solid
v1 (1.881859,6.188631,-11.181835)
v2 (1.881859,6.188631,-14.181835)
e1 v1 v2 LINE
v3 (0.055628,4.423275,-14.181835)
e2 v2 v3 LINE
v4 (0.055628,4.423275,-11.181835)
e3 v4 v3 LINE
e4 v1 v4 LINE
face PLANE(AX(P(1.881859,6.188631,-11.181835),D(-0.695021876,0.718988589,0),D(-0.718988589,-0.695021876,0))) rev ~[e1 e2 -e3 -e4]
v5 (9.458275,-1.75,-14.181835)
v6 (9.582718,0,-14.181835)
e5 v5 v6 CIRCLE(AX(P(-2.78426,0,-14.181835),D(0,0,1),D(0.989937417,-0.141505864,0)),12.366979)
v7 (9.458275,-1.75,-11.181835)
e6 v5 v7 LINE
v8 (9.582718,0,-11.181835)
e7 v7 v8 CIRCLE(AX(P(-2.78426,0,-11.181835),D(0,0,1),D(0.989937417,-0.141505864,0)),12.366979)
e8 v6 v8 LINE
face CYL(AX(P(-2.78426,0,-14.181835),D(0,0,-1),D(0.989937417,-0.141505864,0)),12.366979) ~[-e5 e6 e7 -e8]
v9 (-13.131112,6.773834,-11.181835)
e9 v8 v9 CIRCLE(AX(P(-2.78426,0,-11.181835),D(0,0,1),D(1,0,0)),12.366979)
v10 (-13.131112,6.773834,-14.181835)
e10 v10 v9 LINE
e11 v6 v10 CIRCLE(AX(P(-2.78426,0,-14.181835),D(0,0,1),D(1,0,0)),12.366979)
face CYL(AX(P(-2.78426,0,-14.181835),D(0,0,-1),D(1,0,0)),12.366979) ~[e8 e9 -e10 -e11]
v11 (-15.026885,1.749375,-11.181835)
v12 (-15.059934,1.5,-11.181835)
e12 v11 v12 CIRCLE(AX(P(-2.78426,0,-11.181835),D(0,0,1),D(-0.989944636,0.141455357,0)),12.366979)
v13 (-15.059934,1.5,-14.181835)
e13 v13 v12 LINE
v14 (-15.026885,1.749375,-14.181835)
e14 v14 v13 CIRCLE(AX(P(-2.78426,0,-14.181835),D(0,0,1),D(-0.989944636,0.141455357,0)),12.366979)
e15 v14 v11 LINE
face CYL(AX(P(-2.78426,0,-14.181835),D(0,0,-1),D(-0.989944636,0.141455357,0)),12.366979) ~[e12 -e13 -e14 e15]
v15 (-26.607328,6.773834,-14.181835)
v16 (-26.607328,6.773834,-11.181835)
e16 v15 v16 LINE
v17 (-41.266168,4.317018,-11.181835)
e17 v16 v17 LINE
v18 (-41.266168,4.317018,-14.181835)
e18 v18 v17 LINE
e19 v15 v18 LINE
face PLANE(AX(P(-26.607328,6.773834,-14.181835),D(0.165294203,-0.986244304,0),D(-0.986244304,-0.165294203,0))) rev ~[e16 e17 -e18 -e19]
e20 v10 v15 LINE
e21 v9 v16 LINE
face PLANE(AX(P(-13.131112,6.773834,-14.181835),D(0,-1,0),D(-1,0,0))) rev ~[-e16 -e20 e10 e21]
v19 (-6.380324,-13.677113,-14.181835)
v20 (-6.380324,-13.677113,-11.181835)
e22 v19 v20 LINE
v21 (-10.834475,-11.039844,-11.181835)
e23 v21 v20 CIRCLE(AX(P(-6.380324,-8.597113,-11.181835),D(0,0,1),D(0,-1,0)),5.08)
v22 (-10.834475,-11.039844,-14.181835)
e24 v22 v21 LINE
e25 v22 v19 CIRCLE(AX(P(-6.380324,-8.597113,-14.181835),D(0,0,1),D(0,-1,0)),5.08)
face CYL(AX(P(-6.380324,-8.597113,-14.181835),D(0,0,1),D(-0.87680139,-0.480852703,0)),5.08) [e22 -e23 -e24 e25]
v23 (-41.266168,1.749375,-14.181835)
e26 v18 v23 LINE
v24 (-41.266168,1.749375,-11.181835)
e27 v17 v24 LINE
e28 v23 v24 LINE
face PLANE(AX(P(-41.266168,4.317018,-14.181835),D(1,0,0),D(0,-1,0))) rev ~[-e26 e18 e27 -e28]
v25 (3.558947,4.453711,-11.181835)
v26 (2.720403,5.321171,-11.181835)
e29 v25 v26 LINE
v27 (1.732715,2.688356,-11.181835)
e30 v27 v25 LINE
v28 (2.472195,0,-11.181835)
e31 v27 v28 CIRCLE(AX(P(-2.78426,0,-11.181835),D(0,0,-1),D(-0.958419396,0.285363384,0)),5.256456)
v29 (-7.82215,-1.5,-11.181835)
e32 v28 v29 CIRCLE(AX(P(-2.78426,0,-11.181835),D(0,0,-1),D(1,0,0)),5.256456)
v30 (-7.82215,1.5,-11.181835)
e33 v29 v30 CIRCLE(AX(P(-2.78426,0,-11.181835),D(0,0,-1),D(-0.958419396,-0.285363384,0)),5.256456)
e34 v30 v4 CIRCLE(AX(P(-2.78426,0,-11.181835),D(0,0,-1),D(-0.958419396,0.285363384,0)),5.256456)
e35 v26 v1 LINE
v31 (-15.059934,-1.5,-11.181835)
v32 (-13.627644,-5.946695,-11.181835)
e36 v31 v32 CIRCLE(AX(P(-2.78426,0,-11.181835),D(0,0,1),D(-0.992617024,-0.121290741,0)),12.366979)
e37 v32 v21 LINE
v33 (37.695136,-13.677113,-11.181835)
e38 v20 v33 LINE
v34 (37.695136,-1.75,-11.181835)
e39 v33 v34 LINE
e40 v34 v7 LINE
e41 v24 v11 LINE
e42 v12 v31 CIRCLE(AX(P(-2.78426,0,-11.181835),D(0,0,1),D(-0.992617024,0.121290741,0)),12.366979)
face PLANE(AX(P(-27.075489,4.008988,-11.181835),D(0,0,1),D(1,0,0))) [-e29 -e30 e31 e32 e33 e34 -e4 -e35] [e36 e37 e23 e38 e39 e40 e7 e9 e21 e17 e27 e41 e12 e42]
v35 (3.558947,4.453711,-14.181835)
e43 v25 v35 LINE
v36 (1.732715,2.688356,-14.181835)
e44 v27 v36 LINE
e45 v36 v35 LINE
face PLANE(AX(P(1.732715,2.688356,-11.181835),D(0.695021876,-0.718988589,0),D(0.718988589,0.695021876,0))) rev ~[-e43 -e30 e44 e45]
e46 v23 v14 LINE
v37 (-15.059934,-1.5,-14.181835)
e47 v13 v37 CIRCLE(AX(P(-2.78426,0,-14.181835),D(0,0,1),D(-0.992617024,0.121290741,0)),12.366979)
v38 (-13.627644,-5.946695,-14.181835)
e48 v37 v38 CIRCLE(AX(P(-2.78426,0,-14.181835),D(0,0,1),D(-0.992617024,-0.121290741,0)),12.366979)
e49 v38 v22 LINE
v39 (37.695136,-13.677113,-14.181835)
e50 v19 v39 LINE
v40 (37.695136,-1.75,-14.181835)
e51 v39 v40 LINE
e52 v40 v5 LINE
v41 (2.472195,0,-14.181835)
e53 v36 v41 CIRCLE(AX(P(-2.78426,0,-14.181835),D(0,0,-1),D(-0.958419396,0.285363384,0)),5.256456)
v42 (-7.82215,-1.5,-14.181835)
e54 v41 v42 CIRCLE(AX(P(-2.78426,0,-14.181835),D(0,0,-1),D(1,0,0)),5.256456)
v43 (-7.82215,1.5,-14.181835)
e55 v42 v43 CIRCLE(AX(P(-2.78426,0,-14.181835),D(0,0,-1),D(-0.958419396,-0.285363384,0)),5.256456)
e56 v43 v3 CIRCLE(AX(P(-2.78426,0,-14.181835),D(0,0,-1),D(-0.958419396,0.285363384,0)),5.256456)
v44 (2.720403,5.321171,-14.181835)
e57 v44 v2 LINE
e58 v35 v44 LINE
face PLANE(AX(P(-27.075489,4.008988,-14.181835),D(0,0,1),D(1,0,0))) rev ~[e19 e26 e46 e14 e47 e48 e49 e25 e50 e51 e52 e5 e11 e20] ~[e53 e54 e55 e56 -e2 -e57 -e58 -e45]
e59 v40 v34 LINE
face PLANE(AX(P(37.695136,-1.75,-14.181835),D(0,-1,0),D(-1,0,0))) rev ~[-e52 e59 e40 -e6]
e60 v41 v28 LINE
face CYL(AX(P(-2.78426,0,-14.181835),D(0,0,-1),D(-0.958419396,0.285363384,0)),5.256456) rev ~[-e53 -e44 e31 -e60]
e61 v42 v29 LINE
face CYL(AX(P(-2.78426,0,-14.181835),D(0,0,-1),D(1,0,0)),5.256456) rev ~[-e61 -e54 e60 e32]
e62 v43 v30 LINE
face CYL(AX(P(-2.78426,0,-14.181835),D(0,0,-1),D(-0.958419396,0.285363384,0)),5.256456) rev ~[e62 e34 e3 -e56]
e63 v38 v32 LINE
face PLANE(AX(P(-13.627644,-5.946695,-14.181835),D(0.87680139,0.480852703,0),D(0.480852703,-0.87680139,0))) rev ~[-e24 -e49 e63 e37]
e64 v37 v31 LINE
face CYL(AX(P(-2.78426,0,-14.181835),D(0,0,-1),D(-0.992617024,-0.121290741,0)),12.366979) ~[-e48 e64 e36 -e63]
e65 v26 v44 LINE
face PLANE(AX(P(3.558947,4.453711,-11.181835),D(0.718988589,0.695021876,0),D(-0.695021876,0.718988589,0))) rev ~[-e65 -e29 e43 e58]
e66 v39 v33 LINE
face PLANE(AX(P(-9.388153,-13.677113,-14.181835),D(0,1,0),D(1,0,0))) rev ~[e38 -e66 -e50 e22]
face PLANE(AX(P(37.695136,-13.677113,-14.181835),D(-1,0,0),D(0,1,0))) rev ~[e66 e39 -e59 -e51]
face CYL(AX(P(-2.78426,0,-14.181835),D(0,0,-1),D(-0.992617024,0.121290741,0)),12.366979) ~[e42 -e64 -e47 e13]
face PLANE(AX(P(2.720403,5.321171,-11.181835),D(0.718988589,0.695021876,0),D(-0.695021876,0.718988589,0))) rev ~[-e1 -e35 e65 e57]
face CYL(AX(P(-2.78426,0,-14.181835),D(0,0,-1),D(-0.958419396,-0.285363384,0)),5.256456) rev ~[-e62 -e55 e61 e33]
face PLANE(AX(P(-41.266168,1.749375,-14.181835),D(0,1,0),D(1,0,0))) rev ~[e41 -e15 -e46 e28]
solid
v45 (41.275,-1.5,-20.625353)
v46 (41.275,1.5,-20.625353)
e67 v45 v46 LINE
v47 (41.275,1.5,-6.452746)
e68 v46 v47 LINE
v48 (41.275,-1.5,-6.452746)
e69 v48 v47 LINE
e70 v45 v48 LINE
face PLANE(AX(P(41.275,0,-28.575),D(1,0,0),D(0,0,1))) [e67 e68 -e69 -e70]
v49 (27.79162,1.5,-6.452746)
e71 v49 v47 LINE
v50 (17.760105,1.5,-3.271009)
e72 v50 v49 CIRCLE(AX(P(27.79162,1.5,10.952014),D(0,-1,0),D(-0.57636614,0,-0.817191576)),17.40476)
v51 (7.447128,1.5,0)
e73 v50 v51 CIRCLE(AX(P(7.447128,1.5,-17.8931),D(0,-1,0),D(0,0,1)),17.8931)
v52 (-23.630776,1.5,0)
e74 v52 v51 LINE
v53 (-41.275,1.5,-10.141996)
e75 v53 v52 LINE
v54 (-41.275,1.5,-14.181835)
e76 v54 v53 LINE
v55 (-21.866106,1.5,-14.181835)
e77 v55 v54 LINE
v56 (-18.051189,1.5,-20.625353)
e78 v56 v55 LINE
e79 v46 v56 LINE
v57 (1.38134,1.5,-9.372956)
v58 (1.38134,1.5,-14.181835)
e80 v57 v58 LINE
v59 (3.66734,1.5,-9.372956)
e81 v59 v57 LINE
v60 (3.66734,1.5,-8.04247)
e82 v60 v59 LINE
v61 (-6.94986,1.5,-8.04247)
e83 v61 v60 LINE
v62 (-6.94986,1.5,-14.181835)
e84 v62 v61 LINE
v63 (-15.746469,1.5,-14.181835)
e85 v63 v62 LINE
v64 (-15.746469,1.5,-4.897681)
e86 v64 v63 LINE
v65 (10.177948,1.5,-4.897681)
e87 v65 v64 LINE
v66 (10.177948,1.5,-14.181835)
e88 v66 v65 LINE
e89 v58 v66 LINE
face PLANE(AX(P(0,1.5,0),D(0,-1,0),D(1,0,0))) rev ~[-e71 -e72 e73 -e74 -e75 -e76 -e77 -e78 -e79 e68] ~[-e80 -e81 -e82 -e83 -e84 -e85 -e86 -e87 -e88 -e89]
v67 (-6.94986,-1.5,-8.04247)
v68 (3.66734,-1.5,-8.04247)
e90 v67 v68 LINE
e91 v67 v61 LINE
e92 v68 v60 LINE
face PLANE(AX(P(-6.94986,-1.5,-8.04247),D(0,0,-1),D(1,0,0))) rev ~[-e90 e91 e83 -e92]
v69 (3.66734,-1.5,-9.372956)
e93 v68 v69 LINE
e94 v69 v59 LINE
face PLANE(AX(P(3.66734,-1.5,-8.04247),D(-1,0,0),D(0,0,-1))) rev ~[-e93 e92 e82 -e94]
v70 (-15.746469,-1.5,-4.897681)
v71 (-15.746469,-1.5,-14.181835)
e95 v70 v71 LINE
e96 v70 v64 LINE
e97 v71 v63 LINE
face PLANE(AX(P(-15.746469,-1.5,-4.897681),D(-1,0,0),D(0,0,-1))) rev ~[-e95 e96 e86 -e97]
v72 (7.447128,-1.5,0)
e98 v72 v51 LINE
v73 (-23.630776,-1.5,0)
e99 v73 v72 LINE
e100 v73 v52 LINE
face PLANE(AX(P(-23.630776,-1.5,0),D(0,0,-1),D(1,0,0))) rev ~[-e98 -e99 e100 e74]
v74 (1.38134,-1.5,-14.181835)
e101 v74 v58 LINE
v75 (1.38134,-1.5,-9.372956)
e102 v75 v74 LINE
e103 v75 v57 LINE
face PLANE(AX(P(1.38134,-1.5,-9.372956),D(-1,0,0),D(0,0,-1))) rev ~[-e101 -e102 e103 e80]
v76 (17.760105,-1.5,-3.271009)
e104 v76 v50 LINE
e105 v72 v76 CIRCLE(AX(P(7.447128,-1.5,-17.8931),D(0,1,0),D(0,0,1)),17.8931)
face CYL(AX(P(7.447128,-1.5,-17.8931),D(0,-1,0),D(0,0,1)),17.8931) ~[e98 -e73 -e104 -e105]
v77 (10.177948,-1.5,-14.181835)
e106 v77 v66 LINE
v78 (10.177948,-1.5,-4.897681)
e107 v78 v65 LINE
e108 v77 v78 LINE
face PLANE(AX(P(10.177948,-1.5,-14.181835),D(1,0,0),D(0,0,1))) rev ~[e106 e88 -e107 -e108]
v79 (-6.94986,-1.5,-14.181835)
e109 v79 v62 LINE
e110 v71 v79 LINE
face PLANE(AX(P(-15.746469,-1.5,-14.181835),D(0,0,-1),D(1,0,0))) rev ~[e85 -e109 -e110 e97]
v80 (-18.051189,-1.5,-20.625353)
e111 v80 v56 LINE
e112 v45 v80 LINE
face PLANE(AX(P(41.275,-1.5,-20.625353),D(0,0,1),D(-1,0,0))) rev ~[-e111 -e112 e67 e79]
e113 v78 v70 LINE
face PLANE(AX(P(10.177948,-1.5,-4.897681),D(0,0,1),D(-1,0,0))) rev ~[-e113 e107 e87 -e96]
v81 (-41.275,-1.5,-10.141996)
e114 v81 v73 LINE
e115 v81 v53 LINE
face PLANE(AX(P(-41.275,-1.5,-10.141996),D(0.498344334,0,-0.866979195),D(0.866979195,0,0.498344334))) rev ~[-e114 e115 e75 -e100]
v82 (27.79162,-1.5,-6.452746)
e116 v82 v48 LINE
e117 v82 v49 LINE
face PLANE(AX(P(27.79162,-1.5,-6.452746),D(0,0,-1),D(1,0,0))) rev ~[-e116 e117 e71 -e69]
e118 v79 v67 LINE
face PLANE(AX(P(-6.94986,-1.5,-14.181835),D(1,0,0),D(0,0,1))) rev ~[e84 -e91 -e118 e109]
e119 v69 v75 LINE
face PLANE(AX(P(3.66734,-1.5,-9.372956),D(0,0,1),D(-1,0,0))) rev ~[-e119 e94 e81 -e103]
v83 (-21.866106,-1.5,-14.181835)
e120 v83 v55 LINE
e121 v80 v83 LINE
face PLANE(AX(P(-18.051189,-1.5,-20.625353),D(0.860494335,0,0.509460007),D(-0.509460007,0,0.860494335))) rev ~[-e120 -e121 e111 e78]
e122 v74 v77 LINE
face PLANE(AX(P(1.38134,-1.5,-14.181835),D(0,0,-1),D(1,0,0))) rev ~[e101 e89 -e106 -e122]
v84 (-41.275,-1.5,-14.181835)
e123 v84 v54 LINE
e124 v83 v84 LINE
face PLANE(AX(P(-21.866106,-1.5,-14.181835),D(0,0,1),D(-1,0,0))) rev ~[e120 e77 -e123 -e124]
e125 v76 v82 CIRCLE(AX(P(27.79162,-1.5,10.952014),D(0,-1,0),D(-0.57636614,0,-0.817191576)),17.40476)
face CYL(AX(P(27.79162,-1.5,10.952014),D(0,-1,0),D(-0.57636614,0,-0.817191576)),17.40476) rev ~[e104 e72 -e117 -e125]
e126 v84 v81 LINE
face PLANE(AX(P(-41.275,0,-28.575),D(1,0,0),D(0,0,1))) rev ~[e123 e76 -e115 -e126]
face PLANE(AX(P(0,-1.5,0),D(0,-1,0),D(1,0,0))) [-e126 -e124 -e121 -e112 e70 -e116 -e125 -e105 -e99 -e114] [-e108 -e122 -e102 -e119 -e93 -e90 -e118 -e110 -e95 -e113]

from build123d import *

# Parameters (mm, degrees)
F0_W     = 82.55
F0_H     = 57.15
F1_DEPTH = 1.5
F3_DEPTH = 25.4
F5_DEPTH = 3
F6_R     = 5.08
F8_DEPTH = 25.4


with BuildPart() as f1:
    # F0 (on Front) → F1 (new body, symmetric)
    with BuildSketch(Plane.XZ):
        Rectangle(F0_W, F0_H)
    extrude(amount=F1_DEPTH, both=True)

    # F2 (on face) → F3 (cut)
    with BuildSketch(Plane.XZ.offset(1.5)):
        with BuildLine():
            Line((41.275, 28.575), (-41.275, 28.575))
            Line((-41.275, 28.575), (-41.275, 0))
            Line((-41.275, 0), (-23.6307755113, 0))
            Line((-23.6307755113, 0), (7.4471277827, 0))
            ThreePointArc((7.4471277827, 0), (12.856772021, -0.8373450289), (17.7601050455, -3.2710094949))
            ThreePointArc((17.7601050455, -3.2710094949), (22.5296158975, -5.6382541879), (27.7916196756, -6.4527463267))
            Line((27.7916196756, -6.4527463267), (41.275, -6.4527463267))
            Line((41.275, -6.4527463267), (41.275, 28.575))
        make_face()
        Polygon((-21.8661062664, -14.1818345485), (-41.275, -14.1818345485), (-41.275, -28.575), (41.275, -28.575), (41.275, -20.6253529236), (-18.0511887433, -20.6253529236), align=None)
        Polygon((-2.7842603665, -4.8976809679), (-15.74646855, -4.8976809679), (-15.74646855, -10.6753705962), (-15.74646855, -14.1818345485), (-6.9498603665, -14.1818345485), (-6.9498603665, -9.3729560225), (-6.9498603665, -8.042470455), (-2.7842603665, -8.042470455), align=None)
        Polygon((-23.6307755113, 0), (-41.275, 0), (-41.275, -10.1419957355), align=None)
        Polygon((10.1779478169, -4.8976809679), (-2.7842603665, -4.8976809679), (-2.7842603665, -8.042470455), (3.6673396335, -8.042470455), (3.6673396335, -9.3729560225), (1.3813396335, -9.3729560225), (1.3813396335, -14.1818345485), (10.1779478169, -14.1818345485), align=None)
    extrude(amount=-F3_DEPTH, mode=Mode.SUBTRACT)


with BuildPart() as f5:
    # F4 (on face) → F5 (new body)
    with BuildSketch(Plane.XY.offset(-14.1818345485)):
        with BuildLine():
            Line((-41.2661683759, 1.7493753928), (-15.0268845477, 1.7493753928))
            ThreePointArc((-15.0268845477, 1.7493753928), (-14.3550164783, 4.3657489743), (-13.1311116511, 6.7738341875))
            Line((-13.1311116511, 6.7738341875), (-26.6073276859, 6.7738341875))
            Line((-26.6073276859, 6.7738341875), (-41.2661683759, 4.3170175823))
            Line((-41.2661683759, 4.3170175823), (-41.2661683759, 1.7493753928))
        make_face()
        with BuildLine():
            ThreePointArc((9.4582745469, -1.75), (-0.5723679095, -12.1675672533), (-13.6276444456, -5.9466951174))
            Line((-13.6276444456, -5.9466951174), (-9.3881528649, -13.6771125344))
            Line((-9.3881528649, -13.6771125344), (37.6951355663, -13.6771125344))
            Line((37.6951355663, -13.6771125344), (37.6951355663, -1.75))
            Line((37.6951355663, -1.75), (9.4582745469, -1.75))
        make_face()
        with BuildLine():
            ThreePointArc((-15.0268845477, 1.7493753928), (-15.0440433144, 1.6247717304), (-15.0599339165, 1.5))
            Line((-15.0599339165, 1.5), (-7.8221495184, 1.5))
            ThreePointArc((-7.8221495184, 1.5), (-2.0263402916, 5.2015271091), (2.4721953887, 0))
            ThreePointArc((2.4721953887, 0), (-2.0263402916, -5.2015271091), (-7.8221495184, -1.5))
            Line((-7.8221495184, -1.5), (-15.0599339165, -1.5))
            ThreePointArc((-15.0599339165, -1.5), (-14.5556655834, -3.7915933755), (-13.6276444456, -5.9466951174))
            ThreePointArc((-13.6276444456, -5.9466951174), (-0.5723679095, -12.1675672533), (9.4582745469, -1.75))
            ThreePointArc((9.4582745469, -1.75), (9.5515681239, -0.877209531), (9.5827182906, 0))
            ThreePointArc((9.5827182906, 0), (0.7500622065, 11.8511908708), (-13.1311116511, 6.7738341875))
            ThreePointArc((-13.1311116511, 6.7738341875), (-14.3550164783, 4.3657489743), (-15.0268845477, 1.7493753928))
        make_face()
        with BuildLine():
            Line((-7.8221495184, 1.5), (-15.0599339165, 1.5))
            ThreePointArc((-15.0599339165, 1.5), (-15.1512390236, 0), (-15.0599339165, -1.5))
            Line((-15.0599339165, -1.5), (-7.8221495184, -1.5))
            ThreePointArc((-7.8221495184, -1.5), (-8.0407161217, 0), (-7.8221495184, 1.5))
        make_face()
    extrude(amount=F5_DEPTH)

    # F6
    f6_edges = [f5.edges().sort_by_distance(p)[0] for p in [
        (-9.388153, -13.677113, -12.681835),
    ]]
    fillet(f6_edges, radius=F6_R)

    # F7 (on face) → F8 (cut)
    with BuildSketch(Plane.XY.offset(-11.1818345485)):
        with BuildLine():
            ThreePointArc((0.9950713413, 3.6533517418), (1.3918603451, 3.1922316502), (1.7327154988, 2.688355657))
            Line((1.7327154988, 2.688355657), (3.5589465154, 4.4537112229))
            Line((3.5589465154, 4.4537112229), (2.7204026217, 5.3211709558))
            Line((2.7204026217, 5.3211709558), (0.9950713413, 3.6533517418))
        make_face()
        with BuildLine():
            Line((1.8818587279, 6.1886306887), (0.0556277112, 4.4232751228))
            ThreePointArc((0.0556277112, 4.4232751228), (0.5476629738, 4.0655398118), (0.9950713413, 3.6533517418))
            Line((0.9950713413, 3.6533517418), (2.7204026217, 5.3211709558))
            Line((2.7204026217, 5.3211709558), (1.8818587279, 6.1886306887))
        make_face()
    extrude(amount=-F8_DEPTH, mode=Mode.SUBTRACT)


solid = Compound([f1.part, f5.part])
